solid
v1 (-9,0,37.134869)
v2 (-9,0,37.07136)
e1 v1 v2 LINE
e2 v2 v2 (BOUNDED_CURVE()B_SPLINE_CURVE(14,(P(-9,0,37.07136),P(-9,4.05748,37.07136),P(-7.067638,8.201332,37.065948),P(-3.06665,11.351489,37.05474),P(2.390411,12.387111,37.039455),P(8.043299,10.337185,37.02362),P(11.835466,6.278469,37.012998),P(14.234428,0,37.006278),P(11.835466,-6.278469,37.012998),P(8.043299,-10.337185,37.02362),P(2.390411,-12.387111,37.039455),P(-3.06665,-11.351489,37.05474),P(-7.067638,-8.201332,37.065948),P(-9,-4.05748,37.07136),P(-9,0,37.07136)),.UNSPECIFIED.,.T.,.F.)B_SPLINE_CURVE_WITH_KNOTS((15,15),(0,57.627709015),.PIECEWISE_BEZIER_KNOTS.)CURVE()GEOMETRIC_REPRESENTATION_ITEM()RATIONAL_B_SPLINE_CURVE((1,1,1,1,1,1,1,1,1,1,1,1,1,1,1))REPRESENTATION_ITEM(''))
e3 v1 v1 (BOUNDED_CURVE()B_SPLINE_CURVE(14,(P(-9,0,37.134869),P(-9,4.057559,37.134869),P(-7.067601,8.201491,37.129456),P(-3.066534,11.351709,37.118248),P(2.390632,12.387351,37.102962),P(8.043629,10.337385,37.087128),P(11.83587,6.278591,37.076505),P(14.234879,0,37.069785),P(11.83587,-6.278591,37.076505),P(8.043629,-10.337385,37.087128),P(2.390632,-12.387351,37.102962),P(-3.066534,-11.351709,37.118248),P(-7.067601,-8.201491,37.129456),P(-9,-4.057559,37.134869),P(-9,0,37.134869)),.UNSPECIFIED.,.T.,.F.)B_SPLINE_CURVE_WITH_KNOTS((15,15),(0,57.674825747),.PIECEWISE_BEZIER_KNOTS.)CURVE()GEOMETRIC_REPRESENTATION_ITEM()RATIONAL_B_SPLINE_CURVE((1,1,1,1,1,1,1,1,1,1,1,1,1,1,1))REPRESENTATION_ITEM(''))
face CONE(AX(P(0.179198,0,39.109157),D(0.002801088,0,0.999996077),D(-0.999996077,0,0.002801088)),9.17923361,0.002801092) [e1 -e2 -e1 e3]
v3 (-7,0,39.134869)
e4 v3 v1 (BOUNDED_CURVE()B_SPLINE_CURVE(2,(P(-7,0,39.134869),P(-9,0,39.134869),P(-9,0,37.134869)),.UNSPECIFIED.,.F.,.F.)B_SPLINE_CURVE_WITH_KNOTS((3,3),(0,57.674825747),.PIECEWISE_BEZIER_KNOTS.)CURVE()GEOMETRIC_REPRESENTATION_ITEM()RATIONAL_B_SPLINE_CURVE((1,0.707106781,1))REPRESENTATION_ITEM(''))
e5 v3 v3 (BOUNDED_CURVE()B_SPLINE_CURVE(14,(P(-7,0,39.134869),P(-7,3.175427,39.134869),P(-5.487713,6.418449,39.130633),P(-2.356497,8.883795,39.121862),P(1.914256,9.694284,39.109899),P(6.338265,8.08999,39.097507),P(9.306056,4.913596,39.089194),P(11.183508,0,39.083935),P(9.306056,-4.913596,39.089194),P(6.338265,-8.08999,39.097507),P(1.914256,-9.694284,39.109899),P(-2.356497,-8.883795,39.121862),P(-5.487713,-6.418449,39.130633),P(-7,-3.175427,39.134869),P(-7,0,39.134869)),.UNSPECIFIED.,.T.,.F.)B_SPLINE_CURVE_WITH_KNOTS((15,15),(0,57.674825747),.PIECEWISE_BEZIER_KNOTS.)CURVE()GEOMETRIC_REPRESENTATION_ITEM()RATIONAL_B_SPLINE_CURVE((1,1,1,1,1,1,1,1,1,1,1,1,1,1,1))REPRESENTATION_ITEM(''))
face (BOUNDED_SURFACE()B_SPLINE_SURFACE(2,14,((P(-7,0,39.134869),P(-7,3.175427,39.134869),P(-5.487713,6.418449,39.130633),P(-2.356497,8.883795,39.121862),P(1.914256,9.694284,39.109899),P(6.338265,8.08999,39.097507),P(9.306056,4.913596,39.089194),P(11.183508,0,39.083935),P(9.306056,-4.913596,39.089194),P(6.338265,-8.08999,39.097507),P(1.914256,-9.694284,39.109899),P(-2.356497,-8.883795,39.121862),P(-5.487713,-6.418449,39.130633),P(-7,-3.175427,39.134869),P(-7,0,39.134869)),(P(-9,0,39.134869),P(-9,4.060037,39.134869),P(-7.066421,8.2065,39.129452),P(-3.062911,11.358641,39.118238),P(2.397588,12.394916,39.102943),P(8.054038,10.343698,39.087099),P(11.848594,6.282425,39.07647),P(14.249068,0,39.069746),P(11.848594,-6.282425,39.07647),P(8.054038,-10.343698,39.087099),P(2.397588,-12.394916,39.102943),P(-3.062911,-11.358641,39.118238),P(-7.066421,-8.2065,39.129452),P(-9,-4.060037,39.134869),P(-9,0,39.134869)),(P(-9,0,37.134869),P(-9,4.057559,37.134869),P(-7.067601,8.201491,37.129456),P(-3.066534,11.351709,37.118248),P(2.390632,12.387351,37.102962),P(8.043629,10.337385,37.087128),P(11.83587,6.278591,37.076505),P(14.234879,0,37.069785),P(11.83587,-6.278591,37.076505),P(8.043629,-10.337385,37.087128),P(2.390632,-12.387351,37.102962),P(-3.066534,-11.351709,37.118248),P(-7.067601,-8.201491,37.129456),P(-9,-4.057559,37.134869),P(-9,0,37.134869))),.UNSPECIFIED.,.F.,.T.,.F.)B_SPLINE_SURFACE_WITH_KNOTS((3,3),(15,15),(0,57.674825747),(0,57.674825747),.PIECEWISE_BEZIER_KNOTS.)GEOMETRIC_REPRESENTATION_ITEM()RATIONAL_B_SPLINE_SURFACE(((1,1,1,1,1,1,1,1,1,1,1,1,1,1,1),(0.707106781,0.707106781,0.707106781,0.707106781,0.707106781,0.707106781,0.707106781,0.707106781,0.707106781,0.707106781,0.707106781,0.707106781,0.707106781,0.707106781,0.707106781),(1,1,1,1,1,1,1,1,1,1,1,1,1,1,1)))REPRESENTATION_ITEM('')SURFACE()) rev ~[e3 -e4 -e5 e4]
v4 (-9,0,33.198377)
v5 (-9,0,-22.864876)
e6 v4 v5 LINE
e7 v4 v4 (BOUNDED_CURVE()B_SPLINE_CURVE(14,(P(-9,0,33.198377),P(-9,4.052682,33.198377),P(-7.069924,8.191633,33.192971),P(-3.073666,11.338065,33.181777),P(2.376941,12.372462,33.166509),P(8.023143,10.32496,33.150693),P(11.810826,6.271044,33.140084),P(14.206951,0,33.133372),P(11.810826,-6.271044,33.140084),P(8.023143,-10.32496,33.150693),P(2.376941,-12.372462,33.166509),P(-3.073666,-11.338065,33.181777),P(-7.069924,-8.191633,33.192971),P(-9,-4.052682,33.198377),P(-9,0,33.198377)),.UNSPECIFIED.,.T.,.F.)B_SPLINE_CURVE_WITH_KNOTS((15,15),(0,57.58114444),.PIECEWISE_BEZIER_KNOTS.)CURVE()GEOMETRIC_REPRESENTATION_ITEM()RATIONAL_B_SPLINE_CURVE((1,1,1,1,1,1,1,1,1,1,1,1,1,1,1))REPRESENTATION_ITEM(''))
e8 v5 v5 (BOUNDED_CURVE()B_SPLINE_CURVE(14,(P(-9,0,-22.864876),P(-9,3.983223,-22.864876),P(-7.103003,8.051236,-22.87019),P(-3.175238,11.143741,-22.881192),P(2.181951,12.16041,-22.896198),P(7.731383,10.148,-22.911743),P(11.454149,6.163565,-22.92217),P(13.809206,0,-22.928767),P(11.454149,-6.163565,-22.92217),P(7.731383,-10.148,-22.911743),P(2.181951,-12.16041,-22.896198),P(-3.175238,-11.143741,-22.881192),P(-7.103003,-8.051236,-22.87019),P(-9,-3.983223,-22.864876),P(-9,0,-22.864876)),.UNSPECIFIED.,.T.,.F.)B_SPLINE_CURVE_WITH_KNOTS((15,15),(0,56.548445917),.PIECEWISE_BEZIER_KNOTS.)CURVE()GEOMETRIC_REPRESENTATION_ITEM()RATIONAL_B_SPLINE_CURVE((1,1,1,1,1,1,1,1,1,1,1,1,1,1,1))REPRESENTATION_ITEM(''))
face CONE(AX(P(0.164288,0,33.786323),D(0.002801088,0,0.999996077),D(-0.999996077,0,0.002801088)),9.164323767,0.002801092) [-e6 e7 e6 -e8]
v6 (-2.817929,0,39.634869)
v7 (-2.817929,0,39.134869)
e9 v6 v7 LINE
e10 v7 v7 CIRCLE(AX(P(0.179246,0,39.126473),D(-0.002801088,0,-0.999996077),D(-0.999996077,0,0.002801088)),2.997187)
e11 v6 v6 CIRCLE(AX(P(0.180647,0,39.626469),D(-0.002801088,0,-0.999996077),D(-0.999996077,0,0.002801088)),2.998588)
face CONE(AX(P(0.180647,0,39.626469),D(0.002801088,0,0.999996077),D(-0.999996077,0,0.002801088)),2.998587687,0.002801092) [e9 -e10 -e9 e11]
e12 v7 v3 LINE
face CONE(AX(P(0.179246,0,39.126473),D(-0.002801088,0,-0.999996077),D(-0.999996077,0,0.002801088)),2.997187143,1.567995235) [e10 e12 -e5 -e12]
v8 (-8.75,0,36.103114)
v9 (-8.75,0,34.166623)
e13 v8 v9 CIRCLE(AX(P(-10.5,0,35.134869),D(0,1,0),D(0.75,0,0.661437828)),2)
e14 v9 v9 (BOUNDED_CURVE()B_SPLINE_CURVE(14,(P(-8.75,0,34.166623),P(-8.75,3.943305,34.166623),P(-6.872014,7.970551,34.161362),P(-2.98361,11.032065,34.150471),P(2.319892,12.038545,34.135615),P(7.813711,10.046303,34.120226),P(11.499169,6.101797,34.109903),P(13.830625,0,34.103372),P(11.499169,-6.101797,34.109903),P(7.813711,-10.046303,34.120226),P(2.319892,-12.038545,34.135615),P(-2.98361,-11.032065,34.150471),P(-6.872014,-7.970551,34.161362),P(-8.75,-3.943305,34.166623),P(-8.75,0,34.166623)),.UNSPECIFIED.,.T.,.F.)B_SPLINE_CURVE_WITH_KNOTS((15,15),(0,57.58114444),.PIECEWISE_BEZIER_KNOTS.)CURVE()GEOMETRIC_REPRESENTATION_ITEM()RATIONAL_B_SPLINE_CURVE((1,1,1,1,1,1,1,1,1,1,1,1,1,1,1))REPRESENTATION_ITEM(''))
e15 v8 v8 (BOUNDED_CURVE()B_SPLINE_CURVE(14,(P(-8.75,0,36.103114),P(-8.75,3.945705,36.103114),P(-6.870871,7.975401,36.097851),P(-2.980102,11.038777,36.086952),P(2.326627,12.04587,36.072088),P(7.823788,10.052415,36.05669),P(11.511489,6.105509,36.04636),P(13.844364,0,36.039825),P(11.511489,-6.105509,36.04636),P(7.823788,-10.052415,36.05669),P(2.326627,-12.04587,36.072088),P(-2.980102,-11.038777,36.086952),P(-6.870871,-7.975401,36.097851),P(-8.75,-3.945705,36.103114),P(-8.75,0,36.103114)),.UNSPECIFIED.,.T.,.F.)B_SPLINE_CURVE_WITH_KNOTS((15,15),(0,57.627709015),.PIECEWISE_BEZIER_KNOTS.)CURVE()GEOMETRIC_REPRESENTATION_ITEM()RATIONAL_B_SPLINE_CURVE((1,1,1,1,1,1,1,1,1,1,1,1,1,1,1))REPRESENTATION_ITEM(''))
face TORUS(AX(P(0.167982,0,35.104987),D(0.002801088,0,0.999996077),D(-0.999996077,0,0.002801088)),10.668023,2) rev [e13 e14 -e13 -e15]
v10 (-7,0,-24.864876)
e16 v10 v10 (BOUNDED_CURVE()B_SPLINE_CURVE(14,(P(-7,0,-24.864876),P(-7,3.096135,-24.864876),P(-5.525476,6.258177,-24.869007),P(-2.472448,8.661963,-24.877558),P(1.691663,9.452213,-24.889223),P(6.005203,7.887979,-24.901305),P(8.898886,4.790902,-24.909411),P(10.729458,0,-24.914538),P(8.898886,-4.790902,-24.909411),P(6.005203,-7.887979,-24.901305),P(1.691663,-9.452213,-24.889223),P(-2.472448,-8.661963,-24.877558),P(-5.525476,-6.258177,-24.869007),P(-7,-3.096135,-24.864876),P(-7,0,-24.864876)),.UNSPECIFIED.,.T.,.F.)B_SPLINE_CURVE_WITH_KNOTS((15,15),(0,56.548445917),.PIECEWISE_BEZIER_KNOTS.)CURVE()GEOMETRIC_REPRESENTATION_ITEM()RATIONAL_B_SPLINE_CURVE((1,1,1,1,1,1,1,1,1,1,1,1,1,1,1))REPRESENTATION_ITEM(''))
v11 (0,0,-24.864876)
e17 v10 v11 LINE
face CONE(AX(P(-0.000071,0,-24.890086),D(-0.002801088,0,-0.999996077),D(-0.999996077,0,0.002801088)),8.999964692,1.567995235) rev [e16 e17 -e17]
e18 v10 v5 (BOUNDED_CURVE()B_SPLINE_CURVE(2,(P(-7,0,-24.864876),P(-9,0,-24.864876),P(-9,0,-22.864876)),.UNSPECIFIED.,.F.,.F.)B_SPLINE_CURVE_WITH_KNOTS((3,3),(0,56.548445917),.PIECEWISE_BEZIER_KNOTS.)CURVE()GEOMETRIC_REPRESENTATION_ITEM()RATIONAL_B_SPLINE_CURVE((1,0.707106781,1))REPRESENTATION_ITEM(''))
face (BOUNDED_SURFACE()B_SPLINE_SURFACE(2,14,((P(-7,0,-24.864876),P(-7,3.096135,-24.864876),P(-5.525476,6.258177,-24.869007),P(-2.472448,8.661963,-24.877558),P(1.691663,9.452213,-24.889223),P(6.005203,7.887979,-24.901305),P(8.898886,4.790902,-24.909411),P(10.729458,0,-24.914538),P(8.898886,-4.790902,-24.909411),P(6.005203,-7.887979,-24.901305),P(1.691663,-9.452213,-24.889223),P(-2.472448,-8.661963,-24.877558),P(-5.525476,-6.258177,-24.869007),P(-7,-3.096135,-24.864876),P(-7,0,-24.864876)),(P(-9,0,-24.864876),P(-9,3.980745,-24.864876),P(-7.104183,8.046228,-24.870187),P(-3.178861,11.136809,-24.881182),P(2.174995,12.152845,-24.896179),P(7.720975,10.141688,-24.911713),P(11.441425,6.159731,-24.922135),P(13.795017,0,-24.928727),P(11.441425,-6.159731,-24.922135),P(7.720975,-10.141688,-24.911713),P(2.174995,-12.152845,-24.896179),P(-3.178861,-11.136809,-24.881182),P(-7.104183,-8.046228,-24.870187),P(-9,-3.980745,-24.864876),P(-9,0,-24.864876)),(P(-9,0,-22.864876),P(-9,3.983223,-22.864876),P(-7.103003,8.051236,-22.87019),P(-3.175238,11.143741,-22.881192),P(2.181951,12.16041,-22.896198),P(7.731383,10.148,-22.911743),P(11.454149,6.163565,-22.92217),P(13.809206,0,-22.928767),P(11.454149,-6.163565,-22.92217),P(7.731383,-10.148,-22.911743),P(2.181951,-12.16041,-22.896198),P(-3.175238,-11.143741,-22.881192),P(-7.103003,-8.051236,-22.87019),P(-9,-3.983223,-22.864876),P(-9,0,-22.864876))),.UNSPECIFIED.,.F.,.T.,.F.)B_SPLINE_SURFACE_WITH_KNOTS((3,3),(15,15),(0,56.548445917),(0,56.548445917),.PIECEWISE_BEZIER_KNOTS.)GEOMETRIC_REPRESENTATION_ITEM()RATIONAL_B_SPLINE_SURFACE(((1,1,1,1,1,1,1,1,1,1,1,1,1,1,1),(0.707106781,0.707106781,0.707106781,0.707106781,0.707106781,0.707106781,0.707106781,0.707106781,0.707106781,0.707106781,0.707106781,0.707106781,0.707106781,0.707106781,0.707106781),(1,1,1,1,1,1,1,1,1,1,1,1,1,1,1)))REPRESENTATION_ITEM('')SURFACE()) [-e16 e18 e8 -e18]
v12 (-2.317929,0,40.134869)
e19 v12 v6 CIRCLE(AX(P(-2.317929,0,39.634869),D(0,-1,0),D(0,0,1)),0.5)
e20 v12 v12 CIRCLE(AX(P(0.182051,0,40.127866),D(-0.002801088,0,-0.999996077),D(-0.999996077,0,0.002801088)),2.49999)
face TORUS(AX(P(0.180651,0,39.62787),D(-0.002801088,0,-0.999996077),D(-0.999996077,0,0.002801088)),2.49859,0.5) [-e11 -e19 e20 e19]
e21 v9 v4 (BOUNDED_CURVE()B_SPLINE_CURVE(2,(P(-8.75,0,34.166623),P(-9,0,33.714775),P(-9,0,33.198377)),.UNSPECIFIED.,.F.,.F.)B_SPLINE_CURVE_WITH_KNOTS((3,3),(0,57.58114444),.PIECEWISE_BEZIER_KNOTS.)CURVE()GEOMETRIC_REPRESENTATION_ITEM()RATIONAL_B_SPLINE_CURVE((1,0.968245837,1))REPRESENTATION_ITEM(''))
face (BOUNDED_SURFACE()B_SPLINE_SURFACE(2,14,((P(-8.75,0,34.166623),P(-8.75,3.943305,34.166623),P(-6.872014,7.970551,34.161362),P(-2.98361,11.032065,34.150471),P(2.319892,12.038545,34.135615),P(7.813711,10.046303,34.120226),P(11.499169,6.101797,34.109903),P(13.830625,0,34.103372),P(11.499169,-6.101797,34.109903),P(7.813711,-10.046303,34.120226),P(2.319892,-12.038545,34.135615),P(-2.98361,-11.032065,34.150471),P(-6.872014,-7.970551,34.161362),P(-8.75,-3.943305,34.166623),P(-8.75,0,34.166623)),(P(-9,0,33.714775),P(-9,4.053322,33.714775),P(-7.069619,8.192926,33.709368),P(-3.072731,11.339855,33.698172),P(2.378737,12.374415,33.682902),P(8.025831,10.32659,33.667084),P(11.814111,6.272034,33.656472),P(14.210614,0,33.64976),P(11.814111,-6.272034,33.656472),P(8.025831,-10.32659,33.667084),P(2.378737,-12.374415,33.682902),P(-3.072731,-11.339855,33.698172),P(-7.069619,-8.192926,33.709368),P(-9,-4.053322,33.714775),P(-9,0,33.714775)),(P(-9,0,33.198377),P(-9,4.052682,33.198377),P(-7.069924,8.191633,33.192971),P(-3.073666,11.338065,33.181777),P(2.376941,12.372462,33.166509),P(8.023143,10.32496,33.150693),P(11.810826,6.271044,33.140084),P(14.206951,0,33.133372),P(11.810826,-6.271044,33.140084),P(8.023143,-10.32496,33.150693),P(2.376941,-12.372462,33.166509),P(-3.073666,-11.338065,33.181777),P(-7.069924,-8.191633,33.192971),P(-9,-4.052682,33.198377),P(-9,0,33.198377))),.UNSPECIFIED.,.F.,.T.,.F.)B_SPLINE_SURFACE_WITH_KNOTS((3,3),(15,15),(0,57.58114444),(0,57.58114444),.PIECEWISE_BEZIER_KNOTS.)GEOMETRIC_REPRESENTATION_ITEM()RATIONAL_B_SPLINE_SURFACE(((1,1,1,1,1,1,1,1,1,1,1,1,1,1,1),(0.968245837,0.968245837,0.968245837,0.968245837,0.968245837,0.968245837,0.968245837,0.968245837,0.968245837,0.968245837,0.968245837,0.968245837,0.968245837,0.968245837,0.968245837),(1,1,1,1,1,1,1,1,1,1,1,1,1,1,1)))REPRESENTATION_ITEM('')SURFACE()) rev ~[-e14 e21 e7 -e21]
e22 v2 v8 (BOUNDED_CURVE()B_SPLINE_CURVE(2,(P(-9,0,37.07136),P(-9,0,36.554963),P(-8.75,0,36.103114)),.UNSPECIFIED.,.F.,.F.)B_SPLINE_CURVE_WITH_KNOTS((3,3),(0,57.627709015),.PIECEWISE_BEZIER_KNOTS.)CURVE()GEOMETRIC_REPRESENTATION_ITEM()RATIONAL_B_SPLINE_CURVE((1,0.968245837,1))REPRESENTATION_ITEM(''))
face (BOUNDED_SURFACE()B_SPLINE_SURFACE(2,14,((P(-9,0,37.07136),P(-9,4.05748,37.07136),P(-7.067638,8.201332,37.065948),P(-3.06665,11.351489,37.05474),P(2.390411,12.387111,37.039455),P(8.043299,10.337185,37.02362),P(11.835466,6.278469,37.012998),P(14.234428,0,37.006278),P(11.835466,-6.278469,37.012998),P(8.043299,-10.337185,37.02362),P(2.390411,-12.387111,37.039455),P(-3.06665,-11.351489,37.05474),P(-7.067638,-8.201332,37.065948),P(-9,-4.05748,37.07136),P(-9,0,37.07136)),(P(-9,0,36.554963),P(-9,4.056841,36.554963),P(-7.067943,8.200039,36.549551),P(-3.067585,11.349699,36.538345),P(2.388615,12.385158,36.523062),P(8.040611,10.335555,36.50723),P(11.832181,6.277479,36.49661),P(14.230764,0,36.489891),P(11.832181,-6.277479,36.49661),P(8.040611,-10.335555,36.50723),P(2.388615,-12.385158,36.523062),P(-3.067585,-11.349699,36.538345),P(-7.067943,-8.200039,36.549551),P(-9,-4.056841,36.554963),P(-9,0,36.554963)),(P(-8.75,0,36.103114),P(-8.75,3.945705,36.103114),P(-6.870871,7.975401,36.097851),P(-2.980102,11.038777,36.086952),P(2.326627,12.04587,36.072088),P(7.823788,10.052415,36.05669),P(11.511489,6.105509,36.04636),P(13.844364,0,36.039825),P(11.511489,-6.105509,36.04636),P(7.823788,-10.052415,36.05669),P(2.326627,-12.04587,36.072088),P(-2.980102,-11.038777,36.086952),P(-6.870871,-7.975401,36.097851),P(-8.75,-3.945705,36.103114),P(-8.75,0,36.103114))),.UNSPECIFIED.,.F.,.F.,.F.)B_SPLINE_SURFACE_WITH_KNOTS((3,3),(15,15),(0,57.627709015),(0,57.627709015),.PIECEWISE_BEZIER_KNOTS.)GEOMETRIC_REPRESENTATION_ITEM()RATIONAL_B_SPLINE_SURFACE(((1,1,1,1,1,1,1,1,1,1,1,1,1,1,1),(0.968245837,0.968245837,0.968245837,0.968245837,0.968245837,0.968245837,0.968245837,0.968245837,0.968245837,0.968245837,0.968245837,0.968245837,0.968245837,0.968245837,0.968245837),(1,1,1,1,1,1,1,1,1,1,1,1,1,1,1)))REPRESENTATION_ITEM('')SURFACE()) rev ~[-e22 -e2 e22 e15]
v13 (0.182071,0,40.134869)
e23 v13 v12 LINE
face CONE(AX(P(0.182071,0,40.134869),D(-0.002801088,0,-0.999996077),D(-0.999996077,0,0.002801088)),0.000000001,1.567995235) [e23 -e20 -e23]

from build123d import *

# Parameters (mm, degrees)
F0_R = 2


with BuildPart() as f3:
    # F2 (on Front) → F3 (revolve)
    with BuildSketch(Plane.XZ):
        with BuildLine():
            Line((-9, -24.8648763779), (0, -24.8648763779))
            Line((0, -24.8648763779), (0.1820707188, 40.1348686236))
            Line((0.1820707188, 40.1348686236), (-2.3179292812, 40.1348686236))
            ThreePointArc((-2.3179292812, 40.1348686236), (-2.6714826718, 39.9884220142), (-2.8179292812, 39.6348686236))
            Line((-2.8179292812, 39.6348686236), (-2.8179292812, 39.1348686236))
            Line((-2.8179292812, 39.1348686236), (-9, 39.1348686236))
            Line((-9, 39.1348686236), (-9, 36.4577442791))
            ThreePointArc((-9, 36.4577442791), (-8.5, 35.1348686236), (-9, 33.8119929681))
            Line((-9, 33.8119929681), (-9, 33.6630154391))
            Line((-9, 33.6630154391), (-9, -24.8648763779))
        make_face()
    revolve(axis=Axis((0.0910353594, 0, 7.6349961229), (-0.002801088, 0, -0.9999960769)))

    # F0
    f0_edges = [f3.edges().sort_by_distance(p)[0] for p in [
        (9.358395, 0, 39.083445),
        (9.328576, 0, 33.760653),
        (9.343398, 0, 36.406363),
        (8.999859, 0, -24.915296),
    ]]
    fillet(f0_edges, radius=F0_R)


solid = f3.part
